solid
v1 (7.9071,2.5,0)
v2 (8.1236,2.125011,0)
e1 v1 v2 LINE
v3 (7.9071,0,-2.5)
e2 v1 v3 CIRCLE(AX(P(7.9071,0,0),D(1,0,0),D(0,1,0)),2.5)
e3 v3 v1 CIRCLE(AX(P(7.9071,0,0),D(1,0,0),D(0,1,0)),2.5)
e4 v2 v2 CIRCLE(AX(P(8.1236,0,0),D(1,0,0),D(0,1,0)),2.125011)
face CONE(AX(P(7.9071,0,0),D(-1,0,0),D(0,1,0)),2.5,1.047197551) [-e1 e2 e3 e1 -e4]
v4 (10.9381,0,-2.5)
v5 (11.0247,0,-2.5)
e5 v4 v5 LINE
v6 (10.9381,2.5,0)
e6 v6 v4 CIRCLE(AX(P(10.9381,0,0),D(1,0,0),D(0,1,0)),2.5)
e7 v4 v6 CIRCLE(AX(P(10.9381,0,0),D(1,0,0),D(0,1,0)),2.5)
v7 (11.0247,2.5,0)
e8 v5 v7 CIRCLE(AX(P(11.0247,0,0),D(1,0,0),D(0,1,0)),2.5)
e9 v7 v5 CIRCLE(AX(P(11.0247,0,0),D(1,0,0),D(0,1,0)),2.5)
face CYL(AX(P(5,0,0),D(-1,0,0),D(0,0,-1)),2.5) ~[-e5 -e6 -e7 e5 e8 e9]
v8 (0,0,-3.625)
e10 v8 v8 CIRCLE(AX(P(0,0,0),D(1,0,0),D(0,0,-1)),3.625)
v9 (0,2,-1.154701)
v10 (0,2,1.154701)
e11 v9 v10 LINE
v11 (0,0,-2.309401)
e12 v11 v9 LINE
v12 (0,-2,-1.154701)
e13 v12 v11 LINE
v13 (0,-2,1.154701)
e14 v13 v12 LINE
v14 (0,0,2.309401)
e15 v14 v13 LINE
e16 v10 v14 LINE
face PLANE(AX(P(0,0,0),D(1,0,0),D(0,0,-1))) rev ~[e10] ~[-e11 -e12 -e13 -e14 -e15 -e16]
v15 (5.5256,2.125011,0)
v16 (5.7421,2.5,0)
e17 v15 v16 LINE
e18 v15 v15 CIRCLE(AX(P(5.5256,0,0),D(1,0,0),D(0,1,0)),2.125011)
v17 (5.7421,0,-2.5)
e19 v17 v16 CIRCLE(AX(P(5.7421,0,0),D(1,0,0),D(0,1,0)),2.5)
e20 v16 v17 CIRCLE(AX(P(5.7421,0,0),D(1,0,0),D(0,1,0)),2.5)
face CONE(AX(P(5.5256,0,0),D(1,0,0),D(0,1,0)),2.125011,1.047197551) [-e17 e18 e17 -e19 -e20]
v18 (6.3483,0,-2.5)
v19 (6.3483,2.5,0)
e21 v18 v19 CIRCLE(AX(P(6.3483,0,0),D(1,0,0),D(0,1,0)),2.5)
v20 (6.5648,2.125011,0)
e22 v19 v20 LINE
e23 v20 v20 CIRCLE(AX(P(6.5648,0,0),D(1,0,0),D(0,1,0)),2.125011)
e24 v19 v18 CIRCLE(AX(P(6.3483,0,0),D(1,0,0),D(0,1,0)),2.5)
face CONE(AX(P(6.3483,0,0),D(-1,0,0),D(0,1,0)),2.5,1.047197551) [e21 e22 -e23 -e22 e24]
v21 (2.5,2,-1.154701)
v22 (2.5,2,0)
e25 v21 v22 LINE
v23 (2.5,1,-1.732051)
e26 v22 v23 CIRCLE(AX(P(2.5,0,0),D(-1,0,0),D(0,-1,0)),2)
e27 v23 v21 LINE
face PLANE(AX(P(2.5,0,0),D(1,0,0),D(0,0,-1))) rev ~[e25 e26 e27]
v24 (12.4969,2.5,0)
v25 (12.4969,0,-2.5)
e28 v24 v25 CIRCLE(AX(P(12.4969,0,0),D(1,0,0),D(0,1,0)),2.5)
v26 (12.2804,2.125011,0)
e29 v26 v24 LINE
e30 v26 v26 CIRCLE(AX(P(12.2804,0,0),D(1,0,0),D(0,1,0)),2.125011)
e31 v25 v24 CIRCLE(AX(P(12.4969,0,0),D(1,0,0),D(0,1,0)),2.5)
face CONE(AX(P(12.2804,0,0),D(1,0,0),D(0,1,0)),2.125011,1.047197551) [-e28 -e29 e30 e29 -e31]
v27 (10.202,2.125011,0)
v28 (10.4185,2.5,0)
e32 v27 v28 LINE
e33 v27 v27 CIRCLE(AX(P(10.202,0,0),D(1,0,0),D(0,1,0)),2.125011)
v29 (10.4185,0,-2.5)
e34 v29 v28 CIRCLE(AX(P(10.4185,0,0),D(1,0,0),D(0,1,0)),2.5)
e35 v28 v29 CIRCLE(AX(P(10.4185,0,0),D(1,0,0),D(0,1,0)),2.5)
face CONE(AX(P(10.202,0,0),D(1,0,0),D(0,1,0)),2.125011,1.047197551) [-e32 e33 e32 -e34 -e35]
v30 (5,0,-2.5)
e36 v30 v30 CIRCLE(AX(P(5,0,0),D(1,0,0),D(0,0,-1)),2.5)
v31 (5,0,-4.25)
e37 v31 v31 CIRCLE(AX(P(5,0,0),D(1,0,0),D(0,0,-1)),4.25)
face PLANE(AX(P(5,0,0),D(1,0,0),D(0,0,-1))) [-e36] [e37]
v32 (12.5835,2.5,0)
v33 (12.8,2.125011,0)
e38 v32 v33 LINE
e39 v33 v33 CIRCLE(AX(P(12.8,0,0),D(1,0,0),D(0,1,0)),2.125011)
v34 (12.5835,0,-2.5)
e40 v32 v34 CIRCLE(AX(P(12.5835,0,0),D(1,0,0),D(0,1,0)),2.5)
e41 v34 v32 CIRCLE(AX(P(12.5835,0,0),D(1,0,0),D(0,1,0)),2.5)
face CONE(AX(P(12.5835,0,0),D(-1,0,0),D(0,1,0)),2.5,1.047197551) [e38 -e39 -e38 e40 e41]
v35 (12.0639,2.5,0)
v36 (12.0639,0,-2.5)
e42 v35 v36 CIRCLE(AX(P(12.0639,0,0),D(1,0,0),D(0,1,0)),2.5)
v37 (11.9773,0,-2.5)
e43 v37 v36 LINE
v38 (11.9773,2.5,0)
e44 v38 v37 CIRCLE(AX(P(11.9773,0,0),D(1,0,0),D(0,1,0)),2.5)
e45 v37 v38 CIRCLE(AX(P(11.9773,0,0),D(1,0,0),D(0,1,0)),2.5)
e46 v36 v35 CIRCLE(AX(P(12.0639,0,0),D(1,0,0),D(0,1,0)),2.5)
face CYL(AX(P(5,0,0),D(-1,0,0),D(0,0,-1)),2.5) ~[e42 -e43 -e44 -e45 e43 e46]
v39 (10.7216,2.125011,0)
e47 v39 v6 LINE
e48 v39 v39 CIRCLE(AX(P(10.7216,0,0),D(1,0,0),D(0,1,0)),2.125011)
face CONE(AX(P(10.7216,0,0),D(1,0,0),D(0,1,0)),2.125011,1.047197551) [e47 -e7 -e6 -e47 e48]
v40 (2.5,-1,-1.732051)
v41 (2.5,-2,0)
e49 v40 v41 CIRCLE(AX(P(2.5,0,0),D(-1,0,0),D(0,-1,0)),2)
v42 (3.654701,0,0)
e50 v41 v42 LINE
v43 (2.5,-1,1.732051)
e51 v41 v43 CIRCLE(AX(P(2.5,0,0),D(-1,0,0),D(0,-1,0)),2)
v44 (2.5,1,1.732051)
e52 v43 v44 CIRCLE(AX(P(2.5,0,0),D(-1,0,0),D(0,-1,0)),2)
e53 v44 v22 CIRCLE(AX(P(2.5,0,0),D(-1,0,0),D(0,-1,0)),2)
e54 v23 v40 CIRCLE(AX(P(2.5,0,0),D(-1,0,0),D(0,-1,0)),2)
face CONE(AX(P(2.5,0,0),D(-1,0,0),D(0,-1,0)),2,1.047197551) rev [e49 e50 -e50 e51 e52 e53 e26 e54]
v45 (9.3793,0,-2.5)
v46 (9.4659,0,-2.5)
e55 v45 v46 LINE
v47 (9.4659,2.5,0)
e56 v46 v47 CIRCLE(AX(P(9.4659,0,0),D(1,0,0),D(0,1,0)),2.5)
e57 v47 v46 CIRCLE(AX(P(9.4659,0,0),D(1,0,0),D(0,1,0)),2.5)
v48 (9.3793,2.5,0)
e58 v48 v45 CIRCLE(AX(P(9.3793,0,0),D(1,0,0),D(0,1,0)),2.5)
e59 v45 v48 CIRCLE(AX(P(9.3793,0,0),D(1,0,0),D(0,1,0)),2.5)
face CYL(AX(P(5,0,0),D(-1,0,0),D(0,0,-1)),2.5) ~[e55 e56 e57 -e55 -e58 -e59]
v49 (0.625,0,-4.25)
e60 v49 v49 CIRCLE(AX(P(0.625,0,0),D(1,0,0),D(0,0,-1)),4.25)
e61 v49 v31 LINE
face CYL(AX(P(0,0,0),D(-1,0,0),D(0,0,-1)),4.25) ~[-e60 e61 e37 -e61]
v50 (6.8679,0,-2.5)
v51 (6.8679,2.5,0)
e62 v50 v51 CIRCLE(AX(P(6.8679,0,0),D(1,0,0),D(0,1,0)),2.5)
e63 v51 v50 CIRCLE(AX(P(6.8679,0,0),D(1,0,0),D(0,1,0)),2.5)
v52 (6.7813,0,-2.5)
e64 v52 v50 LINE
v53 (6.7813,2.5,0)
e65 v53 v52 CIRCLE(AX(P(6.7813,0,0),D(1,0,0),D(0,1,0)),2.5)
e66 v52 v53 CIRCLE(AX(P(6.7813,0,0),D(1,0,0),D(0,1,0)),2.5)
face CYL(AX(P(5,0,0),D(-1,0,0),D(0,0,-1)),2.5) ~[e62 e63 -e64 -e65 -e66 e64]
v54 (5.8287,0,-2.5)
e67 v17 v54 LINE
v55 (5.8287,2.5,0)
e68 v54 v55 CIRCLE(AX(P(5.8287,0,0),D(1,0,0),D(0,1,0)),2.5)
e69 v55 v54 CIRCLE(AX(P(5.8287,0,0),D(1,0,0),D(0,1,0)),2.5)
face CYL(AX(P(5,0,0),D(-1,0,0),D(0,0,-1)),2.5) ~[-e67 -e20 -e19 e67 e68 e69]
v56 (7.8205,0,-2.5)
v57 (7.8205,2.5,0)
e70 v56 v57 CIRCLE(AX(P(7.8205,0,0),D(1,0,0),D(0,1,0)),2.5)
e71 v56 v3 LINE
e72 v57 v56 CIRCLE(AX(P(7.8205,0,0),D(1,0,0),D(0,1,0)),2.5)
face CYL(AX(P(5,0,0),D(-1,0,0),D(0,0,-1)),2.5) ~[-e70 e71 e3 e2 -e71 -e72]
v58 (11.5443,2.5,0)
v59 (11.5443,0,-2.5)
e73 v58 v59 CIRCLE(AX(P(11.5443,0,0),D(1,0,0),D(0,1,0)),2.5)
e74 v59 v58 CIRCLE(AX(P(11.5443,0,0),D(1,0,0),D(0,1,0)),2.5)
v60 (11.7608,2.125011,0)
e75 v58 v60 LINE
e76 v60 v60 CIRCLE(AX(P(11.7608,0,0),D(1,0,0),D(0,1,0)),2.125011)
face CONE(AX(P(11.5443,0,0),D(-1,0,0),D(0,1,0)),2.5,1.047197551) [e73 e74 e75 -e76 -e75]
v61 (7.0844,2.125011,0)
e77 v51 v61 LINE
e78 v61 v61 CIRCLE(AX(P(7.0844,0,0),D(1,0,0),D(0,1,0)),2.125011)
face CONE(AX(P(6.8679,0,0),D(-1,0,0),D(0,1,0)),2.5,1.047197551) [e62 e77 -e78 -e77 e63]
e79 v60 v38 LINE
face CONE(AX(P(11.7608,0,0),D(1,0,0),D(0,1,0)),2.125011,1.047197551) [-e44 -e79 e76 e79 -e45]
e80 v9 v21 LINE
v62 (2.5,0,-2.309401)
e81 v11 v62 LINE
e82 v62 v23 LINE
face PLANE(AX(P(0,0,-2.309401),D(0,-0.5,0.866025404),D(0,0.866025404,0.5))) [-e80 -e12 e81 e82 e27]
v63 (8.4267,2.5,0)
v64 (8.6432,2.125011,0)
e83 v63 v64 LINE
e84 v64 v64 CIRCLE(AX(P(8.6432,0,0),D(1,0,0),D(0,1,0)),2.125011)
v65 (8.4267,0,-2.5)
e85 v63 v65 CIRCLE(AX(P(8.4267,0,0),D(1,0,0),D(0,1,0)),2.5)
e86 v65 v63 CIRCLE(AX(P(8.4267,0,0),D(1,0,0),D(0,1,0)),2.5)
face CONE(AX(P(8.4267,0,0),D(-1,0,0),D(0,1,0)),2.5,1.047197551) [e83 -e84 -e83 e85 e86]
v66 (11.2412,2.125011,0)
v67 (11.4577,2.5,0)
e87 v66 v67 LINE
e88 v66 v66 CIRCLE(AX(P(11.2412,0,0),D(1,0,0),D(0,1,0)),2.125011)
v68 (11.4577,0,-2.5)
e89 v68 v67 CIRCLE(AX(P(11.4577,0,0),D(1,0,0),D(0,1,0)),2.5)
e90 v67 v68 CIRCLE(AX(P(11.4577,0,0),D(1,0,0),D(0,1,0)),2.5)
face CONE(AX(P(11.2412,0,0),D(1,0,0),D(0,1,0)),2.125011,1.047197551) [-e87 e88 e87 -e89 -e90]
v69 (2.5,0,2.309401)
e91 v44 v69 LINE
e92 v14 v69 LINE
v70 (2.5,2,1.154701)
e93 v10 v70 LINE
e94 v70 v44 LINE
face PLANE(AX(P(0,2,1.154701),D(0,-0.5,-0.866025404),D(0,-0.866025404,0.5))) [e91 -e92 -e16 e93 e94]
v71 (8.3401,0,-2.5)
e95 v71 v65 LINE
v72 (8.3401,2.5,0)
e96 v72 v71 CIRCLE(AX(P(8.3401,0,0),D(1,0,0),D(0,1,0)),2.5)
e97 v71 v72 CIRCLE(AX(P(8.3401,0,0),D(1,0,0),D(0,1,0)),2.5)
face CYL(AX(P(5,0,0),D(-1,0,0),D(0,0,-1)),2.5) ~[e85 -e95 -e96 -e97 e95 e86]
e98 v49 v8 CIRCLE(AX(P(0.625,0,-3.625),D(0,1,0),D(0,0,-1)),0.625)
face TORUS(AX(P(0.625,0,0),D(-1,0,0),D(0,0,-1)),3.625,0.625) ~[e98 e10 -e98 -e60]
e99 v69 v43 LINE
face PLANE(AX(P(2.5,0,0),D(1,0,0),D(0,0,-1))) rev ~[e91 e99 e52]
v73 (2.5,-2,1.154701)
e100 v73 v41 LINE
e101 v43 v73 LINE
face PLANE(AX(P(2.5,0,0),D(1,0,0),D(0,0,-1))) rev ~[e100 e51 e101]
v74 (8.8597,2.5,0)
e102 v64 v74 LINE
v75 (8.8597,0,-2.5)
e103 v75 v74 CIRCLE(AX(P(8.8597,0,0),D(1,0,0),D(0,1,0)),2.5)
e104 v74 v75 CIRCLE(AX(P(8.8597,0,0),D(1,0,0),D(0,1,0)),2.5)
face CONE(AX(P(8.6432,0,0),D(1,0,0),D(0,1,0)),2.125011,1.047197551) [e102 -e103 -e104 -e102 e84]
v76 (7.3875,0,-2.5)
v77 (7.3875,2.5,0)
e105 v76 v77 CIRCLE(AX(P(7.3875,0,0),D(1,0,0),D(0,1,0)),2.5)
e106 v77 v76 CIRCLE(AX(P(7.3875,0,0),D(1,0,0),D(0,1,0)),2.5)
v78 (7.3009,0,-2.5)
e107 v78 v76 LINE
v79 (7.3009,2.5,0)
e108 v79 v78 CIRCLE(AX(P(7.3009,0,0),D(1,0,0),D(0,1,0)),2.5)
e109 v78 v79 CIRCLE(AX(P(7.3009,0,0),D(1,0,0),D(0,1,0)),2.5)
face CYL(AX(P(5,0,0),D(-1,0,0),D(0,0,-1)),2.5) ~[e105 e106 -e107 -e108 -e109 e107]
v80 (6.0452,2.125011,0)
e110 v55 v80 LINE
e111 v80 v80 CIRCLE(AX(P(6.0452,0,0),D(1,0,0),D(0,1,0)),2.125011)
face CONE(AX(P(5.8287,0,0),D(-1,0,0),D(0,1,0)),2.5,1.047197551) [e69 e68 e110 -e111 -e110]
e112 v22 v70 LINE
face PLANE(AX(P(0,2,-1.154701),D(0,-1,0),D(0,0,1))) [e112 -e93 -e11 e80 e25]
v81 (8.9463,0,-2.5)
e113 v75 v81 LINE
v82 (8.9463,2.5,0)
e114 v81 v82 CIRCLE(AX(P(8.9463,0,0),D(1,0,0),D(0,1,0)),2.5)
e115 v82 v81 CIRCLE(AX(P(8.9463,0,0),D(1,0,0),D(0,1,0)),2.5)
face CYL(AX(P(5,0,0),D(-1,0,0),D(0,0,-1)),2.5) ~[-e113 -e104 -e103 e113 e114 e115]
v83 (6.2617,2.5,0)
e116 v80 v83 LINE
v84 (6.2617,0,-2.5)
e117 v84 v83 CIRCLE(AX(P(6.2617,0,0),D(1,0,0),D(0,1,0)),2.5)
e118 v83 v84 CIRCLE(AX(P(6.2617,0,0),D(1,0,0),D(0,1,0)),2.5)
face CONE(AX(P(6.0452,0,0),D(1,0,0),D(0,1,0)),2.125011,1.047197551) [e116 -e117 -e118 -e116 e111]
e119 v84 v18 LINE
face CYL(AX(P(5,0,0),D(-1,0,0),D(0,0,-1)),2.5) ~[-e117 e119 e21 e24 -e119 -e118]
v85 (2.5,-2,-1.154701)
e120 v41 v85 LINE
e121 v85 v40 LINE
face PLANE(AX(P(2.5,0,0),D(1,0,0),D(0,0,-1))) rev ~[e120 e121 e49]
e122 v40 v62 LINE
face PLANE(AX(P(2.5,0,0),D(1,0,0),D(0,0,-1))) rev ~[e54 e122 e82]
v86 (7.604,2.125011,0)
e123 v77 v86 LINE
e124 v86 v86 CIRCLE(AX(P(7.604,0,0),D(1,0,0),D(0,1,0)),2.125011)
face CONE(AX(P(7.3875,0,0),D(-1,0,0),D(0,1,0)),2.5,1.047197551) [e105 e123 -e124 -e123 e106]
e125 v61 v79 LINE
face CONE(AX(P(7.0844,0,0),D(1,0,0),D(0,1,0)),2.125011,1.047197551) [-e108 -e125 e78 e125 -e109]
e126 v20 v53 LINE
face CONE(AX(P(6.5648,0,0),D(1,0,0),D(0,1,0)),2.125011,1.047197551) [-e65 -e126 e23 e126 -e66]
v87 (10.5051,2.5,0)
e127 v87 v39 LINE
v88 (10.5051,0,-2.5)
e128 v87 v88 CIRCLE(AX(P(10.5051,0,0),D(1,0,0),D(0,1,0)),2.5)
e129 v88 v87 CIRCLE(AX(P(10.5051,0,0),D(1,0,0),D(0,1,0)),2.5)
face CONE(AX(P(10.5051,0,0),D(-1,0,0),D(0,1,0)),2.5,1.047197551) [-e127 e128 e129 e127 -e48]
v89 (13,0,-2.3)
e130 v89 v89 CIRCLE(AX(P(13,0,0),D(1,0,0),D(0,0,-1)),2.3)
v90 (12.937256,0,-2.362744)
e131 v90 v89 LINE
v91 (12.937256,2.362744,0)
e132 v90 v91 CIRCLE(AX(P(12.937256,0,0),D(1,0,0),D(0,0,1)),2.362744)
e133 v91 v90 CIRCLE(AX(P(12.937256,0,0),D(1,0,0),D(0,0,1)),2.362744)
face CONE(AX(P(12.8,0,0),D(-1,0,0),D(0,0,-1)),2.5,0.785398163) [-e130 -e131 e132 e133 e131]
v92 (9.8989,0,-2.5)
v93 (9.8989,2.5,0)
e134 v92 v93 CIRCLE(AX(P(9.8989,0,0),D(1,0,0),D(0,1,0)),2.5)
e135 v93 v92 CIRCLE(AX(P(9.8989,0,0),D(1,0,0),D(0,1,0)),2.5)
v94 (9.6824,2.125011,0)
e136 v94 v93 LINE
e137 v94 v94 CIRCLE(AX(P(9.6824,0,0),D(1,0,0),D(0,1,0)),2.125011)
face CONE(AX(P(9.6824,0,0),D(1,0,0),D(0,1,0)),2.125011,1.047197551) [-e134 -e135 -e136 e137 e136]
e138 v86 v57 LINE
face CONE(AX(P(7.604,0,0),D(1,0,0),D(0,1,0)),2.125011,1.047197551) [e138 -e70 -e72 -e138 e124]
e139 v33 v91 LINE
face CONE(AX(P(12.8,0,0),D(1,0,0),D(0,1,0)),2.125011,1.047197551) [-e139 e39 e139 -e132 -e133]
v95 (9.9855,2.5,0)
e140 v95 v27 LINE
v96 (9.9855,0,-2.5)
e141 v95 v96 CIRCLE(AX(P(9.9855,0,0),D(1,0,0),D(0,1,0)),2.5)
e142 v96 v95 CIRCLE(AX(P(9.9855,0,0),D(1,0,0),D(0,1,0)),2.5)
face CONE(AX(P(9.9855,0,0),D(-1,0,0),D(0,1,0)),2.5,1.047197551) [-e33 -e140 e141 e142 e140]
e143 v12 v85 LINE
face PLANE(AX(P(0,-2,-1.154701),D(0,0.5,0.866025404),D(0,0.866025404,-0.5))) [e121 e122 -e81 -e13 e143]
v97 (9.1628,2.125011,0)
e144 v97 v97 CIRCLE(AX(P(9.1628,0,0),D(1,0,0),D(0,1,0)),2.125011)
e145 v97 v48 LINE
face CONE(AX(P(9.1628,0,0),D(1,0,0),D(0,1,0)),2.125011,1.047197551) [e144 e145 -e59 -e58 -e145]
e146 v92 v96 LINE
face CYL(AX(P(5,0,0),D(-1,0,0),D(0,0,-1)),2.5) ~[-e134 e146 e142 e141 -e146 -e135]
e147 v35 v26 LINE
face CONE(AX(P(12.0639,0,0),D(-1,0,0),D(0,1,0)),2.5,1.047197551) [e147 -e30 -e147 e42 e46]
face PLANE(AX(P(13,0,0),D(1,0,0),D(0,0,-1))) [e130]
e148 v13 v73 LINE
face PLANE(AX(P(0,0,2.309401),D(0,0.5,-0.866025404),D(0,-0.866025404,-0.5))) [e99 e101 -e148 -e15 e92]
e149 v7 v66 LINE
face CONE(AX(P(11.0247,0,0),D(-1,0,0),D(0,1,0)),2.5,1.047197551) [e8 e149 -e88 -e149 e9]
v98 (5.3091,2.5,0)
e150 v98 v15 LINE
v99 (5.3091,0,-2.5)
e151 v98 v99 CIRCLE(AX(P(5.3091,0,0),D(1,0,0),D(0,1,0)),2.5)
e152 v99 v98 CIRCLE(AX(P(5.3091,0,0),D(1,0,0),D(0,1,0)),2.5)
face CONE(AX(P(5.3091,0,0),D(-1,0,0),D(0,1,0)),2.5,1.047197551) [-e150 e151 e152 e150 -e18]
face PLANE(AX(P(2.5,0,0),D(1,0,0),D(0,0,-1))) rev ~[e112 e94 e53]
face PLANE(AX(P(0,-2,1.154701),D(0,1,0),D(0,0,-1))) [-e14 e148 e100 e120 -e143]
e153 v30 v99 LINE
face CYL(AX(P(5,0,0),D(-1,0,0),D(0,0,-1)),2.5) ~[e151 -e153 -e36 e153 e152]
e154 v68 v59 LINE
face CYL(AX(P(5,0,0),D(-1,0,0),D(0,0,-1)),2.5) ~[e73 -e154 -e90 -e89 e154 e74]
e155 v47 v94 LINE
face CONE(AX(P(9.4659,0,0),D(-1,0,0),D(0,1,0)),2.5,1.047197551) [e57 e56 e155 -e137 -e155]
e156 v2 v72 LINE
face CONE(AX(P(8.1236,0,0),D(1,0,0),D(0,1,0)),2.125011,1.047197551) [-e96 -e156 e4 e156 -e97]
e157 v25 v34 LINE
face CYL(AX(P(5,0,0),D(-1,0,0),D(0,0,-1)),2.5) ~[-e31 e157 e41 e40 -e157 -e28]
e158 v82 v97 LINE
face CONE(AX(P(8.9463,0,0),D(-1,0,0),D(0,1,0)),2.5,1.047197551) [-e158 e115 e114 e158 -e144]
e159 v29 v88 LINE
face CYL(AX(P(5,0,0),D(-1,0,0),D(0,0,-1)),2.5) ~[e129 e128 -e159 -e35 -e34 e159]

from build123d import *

# Parameters (mm, degrees)
SKETCH1_R           = 4.25
BASEHEAD_DEPTH      = 5
SKETCH2_R           = 2.5
BASEBODY_DEPTH      = 8
HEXAGONSOCKET_DEPTH = 2.5
TOPFILLET_R         = 0.625
CHAMFER1_SIZE       = 0.2
LPATTERN10_COUNT    = 15
LPATTERN10_PITCH    = 0.5196


with BuildPart() as part:
    # Sketch1 → BaseHead (new body)
    with BuildSketch(Plane(origin=(0, 0, 0), x_dir=(0, 0, -1), z_dir=(1, 0, 0))):
        Circle(SKETCH1_R)
    extrude(amount=BASEHEAD_DEPTH)

    # Sketch2 → BaseBody (add)
    with BuildSketch(Plane(origin=(5, 0, 0), x_dir=(0, 0, -1), z_dir=(1, 0, 0))):
        Circle(SKETCH2_R)
    extrude(amount=BASEBODY_DEPTH)

    # Sketch3 → HexagonSocket (cut)
    with BuildSketch(Plane(origin=(0, 0, 0), x_dir=(0, 0, -1), z_dir=(1, 0, 0))):
        Polygon((2.309401077, 0), (1.154700538, 2), (-1.154700538, 2), (-2.309401077, 0), (-1.154700538, -2), (1.154700538, -2), align=None)
    extrude(amount=HEXAGONSOCKET_DEPTH, mode=Mode.SUBTRACT)

    # Sketch4 → Cut-Revolve1 (revolve, cut)
    with BuildSketch(Plane(origin=(-4.19613823, 0.75, 0), x_dir=(-1, 0, 0), z_dir=(0, 0, 1))):
        Polygon((-6.69613823, 2.75), (-7.850838768, 0.75), (-6.69613823, 0.75), align=None)
    revolve(axis=Axis((0.838992387, 0, 0), (-1, 0, 0)), mode=Mode.SUBTRACT)

    # TopFillet
    topfillet_edges = [part.edges().sort_by_distance(p)[0] for p in [
        (0, 0, 4.25),
    ]]
    fillet(topfillet_edges, radius=TOPFILLET_R)

    # Chamfer1
    chamfer1_edges = [part.edges().sort_by_distance(p)[0] for p in [
        (13, 0, 2.5),
    ]]
    chamfer(chamfer1_edges, length=CHAMFER1_SIZE)

    # Sketch5 → Cut-Revolve10 (revolve, cut)
    with BuildSketch(Plane.XY):
        Polygon((12.8, 2.125011), (13.0165, 2.5), (13.0165, 2.933), (12.5835, 2.933), (12.5835, 2.5), align=None)
    cut_revolve10 = revolve(axis=Axis((0, 0, 0), (1, 0, 0)), mode=Mode.SUBTRACT)

    # LPattern10: Cut-Revolve10 ×15
    with Locations(*[(-i * LPATTERN10_PITCH, 0, 0) for i in range(1, LPATTERN10_COUNT)]):
        add(cut_revolve10, mode=Mode.SUBTRACT)


solid = part.part
